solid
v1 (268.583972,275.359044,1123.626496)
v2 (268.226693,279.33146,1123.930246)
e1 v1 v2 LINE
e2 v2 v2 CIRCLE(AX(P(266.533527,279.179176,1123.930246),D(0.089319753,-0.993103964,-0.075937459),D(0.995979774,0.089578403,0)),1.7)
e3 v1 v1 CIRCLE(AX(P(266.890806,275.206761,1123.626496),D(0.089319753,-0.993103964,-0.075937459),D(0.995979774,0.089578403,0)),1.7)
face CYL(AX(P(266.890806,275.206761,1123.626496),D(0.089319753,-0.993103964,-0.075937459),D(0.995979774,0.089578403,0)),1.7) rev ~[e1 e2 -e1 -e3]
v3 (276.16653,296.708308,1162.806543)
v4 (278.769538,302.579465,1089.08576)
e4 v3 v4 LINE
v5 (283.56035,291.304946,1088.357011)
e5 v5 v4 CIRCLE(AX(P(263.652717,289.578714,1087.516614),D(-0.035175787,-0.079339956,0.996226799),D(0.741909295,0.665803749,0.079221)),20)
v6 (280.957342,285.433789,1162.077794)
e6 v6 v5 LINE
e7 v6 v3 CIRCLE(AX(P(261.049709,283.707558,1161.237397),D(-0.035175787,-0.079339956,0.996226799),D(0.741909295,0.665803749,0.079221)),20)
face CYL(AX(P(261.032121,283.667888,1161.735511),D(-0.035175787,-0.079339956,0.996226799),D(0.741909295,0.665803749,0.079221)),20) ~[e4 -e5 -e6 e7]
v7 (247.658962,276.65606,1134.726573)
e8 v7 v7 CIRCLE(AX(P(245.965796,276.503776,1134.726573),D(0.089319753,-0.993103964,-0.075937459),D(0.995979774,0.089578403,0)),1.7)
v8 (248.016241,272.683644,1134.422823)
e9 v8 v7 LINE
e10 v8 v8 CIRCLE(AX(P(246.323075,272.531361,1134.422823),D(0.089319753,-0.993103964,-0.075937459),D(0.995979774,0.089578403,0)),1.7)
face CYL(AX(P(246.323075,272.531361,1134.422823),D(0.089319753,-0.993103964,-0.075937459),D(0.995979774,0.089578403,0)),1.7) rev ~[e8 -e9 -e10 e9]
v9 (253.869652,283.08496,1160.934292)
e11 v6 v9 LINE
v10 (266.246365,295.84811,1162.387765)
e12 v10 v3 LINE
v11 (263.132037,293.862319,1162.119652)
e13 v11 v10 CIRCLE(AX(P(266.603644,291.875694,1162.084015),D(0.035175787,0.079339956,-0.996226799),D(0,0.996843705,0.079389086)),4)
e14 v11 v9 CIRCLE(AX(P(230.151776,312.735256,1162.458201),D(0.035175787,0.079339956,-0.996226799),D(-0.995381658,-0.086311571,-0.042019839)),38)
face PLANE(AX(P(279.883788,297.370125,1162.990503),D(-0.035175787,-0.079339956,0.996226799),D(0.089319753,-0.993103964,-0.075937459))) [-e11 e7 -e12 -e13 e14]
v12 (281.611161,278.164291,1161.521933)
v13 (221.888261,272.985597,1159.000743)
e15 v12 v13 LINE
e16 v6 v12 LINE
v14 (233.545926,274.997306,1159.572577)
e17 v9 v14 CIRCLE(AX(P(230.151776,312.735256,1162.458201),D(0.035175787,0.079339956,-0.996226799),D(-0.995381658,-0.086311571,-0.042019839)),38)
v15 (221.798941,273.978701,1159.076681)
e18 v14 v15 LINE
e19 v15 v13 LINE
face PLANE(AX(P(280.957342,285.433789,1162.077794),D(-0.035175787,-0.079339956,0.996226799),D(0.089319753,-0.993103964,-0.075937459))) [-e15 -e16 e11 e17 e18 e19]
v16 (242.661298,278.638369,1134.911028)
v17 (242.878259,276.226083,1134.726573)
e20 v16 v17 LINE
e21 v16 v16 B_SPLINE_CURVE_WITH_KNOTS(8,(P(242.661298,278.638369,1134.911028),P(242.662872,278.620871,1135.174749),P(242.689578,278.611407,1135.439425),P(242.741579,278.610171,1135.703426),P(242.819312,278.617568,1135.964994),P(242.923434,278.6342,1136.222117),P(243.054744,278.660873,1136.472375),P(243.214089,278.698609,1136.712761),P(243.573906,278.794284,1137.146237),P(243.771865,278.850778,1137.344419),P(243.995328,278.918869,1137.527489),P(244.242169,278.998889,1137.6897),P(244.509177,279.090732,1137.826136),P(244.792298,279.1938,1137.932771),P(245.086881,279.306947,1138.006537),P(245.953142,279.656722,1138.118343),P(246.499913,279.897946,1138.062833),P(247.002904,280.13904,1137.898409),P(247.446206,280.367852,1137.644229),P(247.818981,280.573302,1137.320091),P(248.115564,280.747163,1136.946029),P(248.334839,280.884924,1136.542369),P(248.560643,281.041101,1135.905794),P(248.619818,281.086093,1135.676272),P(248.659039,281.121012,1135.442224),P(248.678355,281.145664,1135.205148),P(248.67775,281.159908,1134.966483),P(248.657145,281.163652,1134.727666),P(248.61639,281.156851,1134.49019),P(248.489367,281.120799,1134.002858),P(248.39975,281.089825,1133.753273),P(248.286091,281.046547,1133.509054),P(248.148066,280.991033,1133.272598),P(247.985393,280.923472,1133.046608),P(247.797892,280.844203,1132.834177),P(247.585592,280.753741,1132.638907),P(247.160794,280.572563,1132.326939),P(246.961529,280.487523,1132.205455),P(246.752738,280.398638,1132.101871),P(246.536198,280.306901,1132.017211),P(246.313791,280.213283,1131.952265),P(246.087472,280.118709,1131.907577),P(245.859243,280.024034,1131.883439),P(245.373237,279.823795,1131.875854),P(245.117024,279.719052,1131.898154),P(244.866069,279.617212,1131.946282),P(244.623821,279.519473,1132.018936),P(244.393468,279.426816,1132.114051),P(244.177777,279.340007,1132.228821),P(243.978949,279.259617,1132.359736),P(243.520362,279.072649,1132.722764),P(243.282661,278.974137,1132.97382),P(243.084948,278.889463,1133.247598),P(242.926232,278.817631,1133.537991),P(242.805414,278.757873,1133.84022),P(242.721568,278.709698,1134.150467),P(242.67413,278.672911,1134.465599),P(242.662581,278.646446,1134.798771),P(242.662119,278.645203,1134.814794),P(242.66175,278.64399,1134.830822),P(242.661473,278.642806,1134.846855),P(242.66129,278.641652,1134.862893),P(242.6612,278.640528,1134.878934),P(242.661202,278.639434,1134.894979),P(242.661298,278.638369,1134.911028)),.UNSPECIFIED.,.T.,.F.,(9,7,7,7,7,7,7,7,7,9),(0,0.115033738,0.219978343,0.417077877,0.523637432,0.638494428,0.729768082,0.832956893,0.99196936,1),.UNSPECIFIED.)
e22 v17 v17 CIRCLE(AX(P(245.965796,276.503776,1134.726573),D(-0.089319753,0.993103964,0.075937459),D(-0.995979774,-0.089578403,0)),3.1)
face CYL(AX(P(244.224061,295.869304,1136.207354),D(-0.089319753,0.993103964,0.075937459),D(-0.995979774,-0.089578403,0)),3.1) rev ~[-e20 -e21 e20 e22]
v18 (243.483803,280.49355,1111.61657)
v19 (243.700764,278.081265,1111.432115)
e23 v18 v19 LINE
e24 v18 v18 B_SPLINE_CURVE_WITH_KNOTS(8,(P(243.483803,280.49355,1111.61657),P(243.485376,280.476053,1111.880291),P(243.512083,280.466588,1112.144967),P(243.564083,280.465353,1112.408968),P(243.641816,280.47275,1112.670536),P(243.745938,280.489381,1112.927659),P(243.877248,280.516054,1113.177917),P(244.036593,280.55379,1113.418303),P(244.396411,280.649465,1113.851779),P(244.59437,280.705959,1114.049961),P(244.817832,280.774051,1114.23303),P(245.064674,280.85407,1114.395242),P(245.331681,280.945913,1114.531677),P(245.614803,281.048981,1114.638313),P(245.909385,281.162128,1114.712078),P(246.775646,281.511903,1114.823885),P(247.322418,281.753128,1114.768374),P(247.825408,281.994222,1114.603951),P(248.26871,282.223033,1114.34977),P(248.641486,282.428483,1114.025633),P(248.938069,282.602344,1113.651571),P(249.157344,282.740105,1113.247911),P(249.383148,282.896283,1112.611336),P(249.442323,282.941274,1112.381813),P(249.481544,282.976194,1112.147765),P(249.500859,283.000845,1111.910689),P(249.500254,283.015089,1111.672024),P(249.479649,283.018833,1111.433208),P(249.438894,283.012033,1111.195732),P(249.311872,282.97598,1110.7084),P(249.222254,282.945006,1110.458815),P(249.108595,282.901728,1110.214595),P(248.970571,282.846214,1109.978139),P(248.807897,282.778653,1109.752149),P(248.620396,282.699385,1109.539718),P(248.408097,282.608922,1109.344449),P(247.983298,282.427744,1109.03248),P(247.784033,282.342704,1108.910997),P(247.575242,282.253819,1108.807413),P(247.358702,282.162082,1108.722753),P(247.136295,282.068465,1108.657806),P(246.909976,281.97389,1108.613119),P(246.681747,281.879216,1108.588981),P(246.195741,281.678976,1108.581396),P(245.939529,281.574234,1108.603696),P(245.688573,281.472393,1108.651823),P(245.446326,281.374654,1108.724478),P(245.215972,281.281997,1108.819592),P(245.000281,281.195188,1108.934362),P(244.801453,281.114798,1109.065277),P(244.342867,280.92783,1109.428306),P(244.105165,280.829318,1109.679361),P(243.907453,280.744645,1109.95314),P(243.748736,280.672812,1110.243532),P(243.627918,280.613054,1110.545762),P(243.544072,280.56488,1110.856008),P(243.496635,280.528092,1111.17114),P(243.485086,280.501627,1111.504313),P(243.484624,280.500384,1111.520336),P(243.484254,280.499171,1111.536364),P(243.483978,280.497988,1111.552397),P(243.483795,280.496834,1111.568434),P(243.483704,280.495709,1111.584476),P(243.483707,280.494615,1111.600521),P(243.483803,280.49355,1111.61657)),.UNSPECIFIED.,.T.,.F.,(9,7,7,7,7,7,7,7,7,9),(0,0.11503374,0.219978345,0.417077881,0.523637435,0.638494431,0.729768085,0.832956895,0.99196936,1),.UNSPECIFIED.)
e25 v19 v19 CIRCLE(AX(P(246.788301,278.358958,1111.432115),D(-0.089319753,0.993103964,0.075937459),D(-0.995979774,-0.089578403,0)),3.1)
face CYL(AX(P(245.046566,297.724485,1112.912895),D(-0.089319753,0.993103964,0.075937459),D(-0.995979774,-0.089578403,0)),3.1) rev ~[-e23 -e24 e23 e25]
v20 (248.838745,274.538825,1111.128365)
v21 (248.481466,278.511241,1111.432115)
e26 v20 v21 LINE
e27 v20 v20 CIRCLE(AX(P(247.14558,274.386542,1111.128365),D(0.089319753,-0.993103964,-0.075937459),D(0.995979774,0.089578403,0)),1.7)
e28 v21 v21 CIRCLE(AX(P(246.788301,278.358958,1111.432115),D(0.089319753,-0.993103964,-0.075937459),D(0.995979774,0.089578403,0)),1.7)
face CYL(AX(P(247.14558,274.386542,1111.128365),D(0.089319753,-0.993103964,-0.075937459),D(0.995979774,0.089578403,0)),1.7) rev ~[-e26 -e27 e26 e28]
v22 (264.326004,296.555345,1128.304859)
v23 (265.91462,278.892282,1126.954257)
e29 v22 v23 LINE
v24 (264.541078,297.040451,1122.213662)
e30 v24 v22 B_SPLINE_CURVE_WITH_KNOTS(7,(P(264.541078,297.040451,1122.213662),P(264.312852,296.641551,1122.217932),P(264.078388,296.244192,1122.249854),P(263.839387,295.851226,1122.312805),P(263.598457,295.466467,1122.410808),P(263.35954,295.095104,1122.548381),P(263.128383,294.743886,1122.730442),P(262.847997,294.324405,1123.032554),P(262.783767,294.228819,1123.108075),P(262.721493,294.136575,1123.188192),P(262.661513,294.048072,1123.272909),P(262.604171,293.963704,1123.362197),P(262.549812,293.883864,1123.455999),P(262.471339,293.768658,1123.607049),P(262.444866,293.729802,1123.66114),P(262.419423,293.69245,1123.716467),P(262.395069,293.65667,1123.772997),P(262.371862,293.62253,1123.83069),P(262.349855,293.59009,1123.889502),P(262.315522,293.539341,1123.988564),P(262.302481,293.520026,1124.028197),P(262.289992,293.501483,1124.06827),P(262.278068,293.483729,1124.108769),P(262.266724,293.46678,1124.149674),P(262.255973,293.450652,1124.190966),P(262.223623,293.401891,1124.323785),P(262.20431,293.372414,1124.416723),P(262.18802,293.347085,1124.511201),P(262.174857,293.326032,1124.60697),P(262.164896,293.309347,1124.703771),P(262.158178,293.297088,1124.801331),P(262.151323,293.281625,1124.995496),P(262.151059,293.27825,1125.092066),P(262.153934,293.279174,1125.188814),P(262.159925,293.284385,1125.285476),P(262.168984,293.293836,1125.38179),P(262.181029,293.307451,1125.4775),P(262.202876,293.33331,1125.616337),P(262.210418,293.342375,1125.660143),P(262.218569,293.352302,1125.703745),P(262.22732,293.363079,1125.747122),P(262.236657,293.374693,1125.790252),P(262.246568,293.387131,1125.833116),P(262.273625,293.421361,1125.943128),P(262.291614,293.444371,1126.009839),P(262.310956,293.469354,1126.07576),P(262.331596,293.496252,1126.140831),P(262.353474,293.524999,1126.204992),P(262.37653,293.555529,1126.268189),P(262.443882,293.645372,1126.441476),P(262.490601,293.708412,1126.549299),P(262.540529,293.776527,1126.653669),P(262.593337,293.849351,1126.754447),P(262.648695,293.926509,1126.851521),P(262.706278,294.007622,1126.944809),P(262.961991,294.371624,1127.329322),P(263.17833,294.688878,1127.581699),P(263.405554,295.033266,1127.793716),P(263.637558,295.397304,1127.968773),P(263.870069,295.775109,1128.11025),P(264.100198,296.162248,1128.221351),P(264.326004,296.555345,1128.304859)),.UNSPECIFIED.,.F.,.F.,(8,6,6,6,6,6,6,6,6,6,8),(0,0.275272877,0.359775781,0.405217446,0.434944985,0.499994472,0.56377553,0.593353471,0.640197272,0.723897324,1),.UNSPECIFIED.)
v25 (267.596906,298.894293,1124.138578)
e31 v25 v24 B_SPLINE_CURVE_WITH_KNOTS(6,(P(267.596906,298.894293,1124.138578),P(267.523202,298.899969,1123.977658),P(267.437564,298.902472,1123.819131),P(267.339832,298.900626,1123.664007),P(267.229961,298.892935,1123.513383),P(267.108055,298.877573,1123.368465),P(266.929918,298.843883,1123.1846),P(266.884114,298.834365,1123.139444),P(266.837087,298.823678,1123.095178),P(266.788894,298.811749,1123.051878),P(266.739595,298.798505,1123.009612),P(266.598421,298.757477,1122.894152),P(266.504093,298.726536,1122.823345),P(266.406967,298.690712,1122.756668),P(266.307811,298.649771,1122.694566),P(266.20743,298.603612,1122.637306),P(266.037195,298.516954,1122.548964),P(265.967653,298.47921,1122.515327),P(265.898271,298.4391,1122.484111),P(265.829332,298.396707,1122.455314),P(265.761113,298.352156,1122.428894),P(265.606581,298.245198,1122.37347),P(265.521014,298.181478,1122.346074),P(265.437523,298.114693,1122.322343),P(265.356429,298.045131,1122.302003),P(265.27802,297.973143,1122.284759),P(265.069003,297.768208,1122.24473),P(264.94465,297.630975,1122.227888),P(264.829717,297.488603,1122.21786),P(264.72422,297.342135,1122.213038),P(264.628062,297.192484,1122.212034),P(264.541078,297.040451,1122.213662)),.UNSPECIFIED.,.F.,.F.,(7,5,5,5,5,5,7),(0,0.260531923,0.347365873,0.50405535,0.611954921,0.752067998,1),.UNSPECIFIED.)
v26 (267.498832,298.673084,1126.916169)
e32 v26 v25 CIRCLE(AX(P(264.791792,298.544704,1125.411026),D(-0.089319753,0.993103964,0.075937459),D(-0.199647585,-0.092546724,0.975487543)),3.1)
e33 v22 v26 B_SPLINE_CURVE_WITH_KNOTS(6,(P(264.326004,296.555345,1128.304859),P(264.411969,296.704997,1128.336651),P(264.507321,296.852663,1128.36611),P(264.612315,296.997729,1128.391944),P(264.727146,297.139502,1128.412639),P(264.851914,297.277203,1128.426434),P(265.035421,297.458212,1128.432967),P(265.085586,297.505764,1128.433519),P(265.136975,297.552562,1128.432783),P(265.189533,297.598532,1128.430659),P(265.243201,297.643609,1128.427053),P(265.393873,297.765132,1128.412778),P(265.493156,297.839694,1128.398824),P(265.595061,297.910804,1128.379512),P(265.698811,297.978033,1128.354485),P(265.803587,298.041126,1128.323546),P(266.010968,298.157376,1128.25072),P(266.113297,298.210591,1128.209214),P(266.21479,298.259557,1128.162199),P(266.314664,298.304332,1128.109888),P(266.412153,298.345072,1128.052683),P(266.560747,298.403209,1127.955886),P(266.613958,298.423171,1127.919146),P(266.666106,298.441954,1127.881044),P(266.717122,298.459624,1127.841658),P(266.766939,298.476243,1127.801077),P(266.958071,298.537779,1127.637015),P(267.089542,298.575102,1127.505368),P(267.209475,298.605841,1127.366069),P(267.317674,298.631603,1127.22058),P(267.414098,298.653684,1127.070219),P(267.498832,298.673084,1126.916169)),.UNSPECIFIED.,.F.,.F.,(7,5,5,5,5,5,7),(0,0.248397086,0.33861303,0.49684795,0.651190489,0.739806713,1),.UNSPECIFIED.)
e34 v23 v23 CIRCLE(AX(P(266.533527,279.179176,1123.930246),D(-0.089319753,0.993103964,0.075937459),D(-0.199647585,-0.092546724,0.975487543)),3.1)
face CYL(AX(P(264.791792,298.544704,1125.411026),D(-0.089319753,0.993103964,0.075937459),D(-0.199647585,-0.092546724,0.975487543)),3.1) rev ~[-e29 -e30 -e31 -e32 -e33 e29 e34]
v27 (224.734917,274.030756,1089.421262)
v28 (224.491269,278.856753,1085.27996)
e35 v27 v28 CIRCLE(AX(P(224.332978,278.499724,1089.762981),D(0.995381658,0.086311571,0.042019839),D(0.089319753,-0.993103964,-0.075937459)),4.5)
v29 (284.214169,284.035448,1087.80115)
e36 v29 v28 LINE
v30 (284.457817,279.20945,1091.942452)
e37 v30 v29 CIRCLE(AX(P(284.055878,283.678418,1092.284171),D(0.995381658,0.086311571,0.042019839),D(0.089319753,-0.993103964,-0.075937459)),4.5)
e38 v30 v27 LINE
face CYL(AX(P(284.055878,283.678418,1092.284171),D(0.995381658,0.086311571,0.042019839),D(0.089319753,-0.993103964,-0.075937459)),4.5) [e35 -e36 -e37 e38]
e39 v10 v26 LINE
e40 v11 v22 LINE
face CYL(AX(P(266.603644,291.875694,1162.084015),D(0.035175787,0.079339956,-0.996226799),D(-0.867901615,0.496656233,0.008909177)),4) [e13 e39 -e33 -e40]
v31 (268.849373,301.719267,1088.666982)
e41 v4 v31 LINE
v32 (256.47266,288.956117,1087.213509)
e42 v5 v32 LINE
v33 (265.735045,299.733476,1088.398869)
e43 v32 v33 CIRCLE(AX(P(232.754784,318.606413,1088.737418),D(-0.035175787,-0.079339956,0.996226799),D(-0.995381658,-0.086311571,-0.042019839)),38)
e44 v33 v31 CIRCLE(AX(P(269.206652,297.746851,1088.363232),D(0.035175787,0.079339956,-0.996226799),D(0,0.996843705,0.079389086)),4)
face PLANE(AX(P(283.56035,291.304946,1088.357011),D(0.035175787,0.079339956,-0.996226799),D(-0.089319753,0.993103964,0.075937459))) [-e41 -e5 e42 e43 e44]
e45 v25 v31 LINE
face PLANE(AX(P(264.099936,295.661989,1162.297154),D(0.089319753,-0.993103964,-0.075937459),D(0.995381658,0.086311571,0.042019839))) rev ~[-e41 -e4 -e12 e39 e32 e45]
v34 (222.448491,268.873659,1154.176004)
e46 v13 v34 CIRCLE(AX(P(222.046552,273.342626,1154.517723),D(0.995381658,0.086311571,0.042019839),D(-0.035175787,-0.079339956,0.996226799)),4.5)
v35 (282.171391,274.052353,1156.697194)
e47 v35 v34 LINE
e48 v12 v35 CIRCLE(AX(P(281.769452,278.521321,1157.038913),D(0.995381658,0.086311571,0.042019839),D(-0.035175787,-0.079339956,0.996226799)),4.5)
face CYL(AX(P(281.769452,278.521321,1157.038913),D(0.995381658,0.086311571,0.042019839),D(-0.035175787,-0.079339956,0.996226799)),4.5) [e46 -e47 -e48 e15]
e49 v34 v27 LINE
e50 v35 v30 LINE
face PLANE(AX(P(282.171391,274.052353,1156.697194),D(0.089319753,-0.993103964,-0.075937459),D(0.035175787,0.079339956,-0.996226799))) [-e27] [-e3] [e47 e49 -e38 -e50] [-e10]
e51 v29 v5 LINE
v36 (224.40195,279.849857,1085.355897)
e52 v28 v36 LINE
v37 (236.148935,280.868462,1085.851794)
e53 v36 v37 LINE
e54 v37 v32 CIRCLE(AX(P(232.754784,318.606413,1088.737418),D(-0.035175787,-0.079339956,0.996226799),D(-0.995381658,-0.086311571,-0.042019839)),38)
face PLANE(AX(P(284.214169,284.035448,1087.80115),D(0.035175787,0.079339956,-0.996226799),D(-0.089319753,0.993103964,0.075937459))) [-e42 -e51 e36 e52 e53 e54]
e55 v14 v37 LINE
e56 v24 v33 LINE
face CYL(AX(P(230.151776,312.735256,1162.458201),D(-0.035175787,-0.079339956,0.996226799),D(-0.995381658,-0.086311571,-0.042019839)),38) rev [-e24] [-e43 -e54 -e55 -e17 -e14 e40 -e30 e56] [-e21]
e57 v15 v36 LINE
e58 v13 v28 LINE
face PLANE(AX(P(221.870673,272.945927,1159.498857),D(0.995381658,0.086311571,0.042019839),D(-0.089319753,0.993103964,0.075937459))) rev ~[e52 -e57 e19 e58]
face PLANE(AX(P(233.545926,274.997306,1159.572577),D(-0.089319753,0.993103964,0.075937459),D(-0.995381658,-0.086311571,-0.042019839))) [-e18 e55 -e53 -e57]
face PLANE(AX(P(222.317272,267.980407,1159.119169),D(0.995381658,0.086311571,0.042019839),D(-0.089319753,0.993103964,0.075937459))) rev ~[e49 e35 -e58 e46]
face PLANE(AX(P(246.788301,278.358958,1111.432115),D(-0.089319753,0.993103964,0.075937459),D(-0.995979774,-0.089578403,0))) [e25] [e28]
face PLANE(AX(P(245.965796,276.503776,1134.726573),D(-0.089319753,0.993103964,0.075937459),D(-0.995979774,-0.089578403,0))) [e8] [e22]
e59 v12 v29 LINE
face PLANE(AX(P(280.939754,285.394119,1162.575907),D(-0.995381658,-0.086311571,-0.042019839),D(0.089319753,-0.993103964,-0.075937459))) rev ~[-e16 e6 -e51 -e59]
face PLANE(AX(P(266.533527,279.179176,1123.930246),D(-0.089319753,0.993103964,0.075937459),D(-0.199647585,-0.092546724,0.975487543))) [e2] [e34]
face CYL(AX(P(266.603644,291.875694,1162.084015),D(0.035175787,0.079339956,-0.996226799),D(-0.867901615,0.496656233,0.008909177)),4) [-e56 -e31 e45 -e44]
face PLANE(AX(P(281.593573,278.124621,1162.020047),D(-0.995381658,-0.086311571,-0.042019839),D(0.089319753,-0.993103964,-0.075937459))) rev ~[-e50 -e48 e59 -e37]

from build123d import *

# Parameters (mm, degrees)
EXTRUDE_1_DEPTH     = 75
CUT_EXTRUDE_2_DEPTH = 89
CUT_EXTRUDE_3_DEPTH = 89
CUT_EXTRUDE_4_DEPTH = 102
FILLET_1_R          = 4
SKETCH_8_R          = 1.7
CUT_EXTRUDE_5_DEPTH = 27
SKETCH_9_R          = 3.1
CUT_EXTRUDE_6_DEPTH = 19.5


with BuildPart() as part:
    # 草图1 → 凸台-拉伸1 (new body)
    with BuildSketch(Plane(origin=(-39.59611161, -89.310119263, 1121.416485544), x_dir=(-0.9993811405079087, 0.0027925735986707154, -0.035064761938558196), z_dir=(0.03517578708588839, 0.07933995566829549, -0.9962267991965691))):
        with BuildLine():
            Line((-262.075571521, 359.155993571), (-261.628696205, 364.135983777))
            Line((-261.628696205, 364.135983777), (-261.435860549, 366.284949367))
            ThreePointArc((-261.435860549, 366.284949367), (-261.109064157, 368.074809297), (-260.463371375, 369.775831132))
            Line((-260.463371375, 369.775831132), (-248.776723549, 393.730780012))
            ThreePointArc((-248.776723549, 393.730780012), (-256.744007891, 423.508755886), (-287.342992795, 419.779467775))
            Line((-287.342992795, 419.779467775), (-315.661768776, 388.401500241))
            ThreePointArc((-315.661768776, 388.401500241), (-319.142063417, 383.007701172), (-320.734355269, 376.78917033))
            Line((-320.734355269, 376.78917033), (-321.388578677, 369.498487569))
            Line((-321.388578677, 369.498487569), (-321.835453993, 364.518497363))
            Line((-321.835453993, 364.518497363), (-262.075571521, 359.155993571))
        make_face()
    extrude(amount=EXTRUDE_1_DEPTH)

    # 草图2 → 切除-拉伸2 (cut)
    with BuildSketch(Plane(origin=(351.495487401, 30.478889762, 14.83831212), x_dir=(0.04186275100976059, 0.0036300044207880334, -0.999116776531052), z_dir=(0.995381658359661, 0.08631157133879107, 0.04201983881692256))):
        with BuildLine():
            Line((-1054.940506582, 279.262299259), (-1060.282877118, 349.349088516))
            Line((-1060.282877118, 349.349088516), (-1174.950235928, 340.60856087))
            Line((-1174.950235928, 340.60856087), (-1169.607865392, 270.521771613))
            Line((-1169.607865392, 270.521771613), (-1168.694349481, 258.537317011))
            Line((-1168.694349481, 258.537317011), (-1168.137997642, 251.238513271))
            ThreePointArc((-1168.137997642, 251.238513271), (-1159.493263254, 234.16850768), (-1141.310196239, 228.210941279))
            Line((-1141.310196239, 228.210941279), (-1076.498210824, 233.151239514))
            ThreePointArc((-1076.498210824, 233.151239514), (-1059.428205233, 241.795973902), (-1053.470638832, 259.979040917))
            Line((-1053.470638832, 259.979040917), (-1054.026990671, 267.277844657))
            Line((-1054.026990671, 267.277844657), (-1054.940506582, 279.262299259))
        make_face()
        with BuildLine():
            Line((-1075.381209674, 277.7042052), (-1079.165486151, 327.350291365))
            Line((-1079.165486151, 327.350291365), (-1152.951438777, 321.725951836))
            Line((-1152.951438777, 321.725951836), (-1149.1671623, 272.079865671))
            Line((-1149.1671623, 272.079865671), (-1148.253646388, 260.095411069))
            Line((-1148.253646388, 260.095411069), (-1147.69729455, 252.79660733))
            ThreePointArc((-1147.69729455, 252.79660733), (-1146.14124236, 249.724006324), (-1142.868290297, 248.651644371))
            Line((-1142.868290297, 248.651644371), (-1078.056304883, 253.591942606))
            ThreePointArc((-1078.056304883, 253.591942606), (-1074.983703877, 255.147994796), (-1073.911341925, 258.420946859))
            Line((-1073.911341925, 258.420946859), (-1074.467693763, 265.719750598))
            Line((-1074.467693763, 265.719750598), (-1075.381209674, 277.7042052))
        make_face(mode=Mode.SUBTRACT)
    extrude(amount=-CUT_EXTRUDE_2_DEPTH, mode=Mode.SUBTRACT)

    # 草图4 → 切除-拉伸3 (cut)
    with BuildSketch(Plane(origin=(-39.578523717, -89.270449285, 1120.918372145), x_dir=(0.9993811405079086, -0.002792573598663483, 0.03506476193856097), z_dir=(-0.03517578708589058, -0.0793399556682715, 0.9962267991965709))):
        with BuildLine():
            Line((273.293580359, 366.186740579), (261.539321142, 365.131981818))
            Line((261.539321142, 365.131981818), (235.445654793, 362.790488178))
            Line((235.445654793, 362.790488178), (232.049402391, 400.638413743))
            ThreePointArc((232.049402391, 400.638413743), (294.258339674, 433.19870407), (273.293580359, 366.186740579))
        make_face()
    extrude(amount=-CUT_EXTRUDE_3_DEPTH, mode=Mode.SUBTRACT)

    # 草图7 → 切除-拉伸4 (cut)
    with BuildSketch(Plane(origin=(-39.578523717, -89.270449285, 1120.918372145), x_dir=(0.9993811405079086, -0.002792573598663483, 0.03506476193856097), z_dir=(-0.03517578708589058, -0.0793399556682715, 0.996226799196571))):
        Polygon((303.866510818, 387.002501991), (315.940576228, 388.085958298), (314.335988901, 405.967521421), (302.261923491, 404.884065114), align=None)
    extrude(amount=-CUT_EXTRUDE_4_DEPTH, mode=Mode.SUBTRACT)

    # 圆角1
    fillet_1_edges = [part.edges().sort_by_distance(p)[0] for p in [
        (265.401440549, 298.597567558, 1125.436762489),
    ]]
    fillet(fillet_1_edges, radius=FILLET_1_R)

    # 草图8 → 切除-拉伸5 (cut)
    with BuildSketch(Plane(origin=(-29.90386421, 332.486882621, 25.423530653), x_dir=(0.9960030029050818, 0.0890597720529966, 0.0068099343556353885), z_dir=(0.08931975259739458, -0.9931039643902253, -0.07593745919082608))):
        with Locations(Location((277.335448654, 1110.342499925, 0), (0, 0, 359.608686584))):
            Circle(SKETCH_8_R)
        with Locations(Location((297.985718495, 1099.373618692, 0), (0, 0, 359.608686584))):
            Circle(SKETCH_8_R)
        with Locations(Location((278.161253776, 1086.974401032, 0), (0, 0, 359.608686584))):
            Circle(SKETCH_8_R)
    extrude(amount=-CUT_EXTRUDE_5_DEPTH, mode=Mode.SUBTRACT)

    # 草图9 → 切除-拉伸6 (cut)
    with BuildSketch(Plane(origin=(-32.002878396, 355.824825784, 27.208060944), x_dir=(0.9960030029050824, 0.08905977205298932, 0.006809934355638229), z_dir=(-0.08931975259738754, 0.9931039643902232, 0.07593745919086373))):
        with Locations(Location((278.161253776, -1086.974401032, 0), (0, 0, 180.391313416))):
            Circle(SKETCH_9_R)
        with Locations(Location((297.985718495, -1099.373618692, 0), (0, 0, 258.436796429))):
            Circle(SKETCH_9_R)
        with Locations(Location((277.335448654, -1110.342499925, 0), (0, 0, 180.391313416))):
            Circle(SKETCH_9_R)
    extrude(amount=-CUT_EXTRUDE_6_DEPTH, mode=Mode.SUBTRACT)


solid = part.part
